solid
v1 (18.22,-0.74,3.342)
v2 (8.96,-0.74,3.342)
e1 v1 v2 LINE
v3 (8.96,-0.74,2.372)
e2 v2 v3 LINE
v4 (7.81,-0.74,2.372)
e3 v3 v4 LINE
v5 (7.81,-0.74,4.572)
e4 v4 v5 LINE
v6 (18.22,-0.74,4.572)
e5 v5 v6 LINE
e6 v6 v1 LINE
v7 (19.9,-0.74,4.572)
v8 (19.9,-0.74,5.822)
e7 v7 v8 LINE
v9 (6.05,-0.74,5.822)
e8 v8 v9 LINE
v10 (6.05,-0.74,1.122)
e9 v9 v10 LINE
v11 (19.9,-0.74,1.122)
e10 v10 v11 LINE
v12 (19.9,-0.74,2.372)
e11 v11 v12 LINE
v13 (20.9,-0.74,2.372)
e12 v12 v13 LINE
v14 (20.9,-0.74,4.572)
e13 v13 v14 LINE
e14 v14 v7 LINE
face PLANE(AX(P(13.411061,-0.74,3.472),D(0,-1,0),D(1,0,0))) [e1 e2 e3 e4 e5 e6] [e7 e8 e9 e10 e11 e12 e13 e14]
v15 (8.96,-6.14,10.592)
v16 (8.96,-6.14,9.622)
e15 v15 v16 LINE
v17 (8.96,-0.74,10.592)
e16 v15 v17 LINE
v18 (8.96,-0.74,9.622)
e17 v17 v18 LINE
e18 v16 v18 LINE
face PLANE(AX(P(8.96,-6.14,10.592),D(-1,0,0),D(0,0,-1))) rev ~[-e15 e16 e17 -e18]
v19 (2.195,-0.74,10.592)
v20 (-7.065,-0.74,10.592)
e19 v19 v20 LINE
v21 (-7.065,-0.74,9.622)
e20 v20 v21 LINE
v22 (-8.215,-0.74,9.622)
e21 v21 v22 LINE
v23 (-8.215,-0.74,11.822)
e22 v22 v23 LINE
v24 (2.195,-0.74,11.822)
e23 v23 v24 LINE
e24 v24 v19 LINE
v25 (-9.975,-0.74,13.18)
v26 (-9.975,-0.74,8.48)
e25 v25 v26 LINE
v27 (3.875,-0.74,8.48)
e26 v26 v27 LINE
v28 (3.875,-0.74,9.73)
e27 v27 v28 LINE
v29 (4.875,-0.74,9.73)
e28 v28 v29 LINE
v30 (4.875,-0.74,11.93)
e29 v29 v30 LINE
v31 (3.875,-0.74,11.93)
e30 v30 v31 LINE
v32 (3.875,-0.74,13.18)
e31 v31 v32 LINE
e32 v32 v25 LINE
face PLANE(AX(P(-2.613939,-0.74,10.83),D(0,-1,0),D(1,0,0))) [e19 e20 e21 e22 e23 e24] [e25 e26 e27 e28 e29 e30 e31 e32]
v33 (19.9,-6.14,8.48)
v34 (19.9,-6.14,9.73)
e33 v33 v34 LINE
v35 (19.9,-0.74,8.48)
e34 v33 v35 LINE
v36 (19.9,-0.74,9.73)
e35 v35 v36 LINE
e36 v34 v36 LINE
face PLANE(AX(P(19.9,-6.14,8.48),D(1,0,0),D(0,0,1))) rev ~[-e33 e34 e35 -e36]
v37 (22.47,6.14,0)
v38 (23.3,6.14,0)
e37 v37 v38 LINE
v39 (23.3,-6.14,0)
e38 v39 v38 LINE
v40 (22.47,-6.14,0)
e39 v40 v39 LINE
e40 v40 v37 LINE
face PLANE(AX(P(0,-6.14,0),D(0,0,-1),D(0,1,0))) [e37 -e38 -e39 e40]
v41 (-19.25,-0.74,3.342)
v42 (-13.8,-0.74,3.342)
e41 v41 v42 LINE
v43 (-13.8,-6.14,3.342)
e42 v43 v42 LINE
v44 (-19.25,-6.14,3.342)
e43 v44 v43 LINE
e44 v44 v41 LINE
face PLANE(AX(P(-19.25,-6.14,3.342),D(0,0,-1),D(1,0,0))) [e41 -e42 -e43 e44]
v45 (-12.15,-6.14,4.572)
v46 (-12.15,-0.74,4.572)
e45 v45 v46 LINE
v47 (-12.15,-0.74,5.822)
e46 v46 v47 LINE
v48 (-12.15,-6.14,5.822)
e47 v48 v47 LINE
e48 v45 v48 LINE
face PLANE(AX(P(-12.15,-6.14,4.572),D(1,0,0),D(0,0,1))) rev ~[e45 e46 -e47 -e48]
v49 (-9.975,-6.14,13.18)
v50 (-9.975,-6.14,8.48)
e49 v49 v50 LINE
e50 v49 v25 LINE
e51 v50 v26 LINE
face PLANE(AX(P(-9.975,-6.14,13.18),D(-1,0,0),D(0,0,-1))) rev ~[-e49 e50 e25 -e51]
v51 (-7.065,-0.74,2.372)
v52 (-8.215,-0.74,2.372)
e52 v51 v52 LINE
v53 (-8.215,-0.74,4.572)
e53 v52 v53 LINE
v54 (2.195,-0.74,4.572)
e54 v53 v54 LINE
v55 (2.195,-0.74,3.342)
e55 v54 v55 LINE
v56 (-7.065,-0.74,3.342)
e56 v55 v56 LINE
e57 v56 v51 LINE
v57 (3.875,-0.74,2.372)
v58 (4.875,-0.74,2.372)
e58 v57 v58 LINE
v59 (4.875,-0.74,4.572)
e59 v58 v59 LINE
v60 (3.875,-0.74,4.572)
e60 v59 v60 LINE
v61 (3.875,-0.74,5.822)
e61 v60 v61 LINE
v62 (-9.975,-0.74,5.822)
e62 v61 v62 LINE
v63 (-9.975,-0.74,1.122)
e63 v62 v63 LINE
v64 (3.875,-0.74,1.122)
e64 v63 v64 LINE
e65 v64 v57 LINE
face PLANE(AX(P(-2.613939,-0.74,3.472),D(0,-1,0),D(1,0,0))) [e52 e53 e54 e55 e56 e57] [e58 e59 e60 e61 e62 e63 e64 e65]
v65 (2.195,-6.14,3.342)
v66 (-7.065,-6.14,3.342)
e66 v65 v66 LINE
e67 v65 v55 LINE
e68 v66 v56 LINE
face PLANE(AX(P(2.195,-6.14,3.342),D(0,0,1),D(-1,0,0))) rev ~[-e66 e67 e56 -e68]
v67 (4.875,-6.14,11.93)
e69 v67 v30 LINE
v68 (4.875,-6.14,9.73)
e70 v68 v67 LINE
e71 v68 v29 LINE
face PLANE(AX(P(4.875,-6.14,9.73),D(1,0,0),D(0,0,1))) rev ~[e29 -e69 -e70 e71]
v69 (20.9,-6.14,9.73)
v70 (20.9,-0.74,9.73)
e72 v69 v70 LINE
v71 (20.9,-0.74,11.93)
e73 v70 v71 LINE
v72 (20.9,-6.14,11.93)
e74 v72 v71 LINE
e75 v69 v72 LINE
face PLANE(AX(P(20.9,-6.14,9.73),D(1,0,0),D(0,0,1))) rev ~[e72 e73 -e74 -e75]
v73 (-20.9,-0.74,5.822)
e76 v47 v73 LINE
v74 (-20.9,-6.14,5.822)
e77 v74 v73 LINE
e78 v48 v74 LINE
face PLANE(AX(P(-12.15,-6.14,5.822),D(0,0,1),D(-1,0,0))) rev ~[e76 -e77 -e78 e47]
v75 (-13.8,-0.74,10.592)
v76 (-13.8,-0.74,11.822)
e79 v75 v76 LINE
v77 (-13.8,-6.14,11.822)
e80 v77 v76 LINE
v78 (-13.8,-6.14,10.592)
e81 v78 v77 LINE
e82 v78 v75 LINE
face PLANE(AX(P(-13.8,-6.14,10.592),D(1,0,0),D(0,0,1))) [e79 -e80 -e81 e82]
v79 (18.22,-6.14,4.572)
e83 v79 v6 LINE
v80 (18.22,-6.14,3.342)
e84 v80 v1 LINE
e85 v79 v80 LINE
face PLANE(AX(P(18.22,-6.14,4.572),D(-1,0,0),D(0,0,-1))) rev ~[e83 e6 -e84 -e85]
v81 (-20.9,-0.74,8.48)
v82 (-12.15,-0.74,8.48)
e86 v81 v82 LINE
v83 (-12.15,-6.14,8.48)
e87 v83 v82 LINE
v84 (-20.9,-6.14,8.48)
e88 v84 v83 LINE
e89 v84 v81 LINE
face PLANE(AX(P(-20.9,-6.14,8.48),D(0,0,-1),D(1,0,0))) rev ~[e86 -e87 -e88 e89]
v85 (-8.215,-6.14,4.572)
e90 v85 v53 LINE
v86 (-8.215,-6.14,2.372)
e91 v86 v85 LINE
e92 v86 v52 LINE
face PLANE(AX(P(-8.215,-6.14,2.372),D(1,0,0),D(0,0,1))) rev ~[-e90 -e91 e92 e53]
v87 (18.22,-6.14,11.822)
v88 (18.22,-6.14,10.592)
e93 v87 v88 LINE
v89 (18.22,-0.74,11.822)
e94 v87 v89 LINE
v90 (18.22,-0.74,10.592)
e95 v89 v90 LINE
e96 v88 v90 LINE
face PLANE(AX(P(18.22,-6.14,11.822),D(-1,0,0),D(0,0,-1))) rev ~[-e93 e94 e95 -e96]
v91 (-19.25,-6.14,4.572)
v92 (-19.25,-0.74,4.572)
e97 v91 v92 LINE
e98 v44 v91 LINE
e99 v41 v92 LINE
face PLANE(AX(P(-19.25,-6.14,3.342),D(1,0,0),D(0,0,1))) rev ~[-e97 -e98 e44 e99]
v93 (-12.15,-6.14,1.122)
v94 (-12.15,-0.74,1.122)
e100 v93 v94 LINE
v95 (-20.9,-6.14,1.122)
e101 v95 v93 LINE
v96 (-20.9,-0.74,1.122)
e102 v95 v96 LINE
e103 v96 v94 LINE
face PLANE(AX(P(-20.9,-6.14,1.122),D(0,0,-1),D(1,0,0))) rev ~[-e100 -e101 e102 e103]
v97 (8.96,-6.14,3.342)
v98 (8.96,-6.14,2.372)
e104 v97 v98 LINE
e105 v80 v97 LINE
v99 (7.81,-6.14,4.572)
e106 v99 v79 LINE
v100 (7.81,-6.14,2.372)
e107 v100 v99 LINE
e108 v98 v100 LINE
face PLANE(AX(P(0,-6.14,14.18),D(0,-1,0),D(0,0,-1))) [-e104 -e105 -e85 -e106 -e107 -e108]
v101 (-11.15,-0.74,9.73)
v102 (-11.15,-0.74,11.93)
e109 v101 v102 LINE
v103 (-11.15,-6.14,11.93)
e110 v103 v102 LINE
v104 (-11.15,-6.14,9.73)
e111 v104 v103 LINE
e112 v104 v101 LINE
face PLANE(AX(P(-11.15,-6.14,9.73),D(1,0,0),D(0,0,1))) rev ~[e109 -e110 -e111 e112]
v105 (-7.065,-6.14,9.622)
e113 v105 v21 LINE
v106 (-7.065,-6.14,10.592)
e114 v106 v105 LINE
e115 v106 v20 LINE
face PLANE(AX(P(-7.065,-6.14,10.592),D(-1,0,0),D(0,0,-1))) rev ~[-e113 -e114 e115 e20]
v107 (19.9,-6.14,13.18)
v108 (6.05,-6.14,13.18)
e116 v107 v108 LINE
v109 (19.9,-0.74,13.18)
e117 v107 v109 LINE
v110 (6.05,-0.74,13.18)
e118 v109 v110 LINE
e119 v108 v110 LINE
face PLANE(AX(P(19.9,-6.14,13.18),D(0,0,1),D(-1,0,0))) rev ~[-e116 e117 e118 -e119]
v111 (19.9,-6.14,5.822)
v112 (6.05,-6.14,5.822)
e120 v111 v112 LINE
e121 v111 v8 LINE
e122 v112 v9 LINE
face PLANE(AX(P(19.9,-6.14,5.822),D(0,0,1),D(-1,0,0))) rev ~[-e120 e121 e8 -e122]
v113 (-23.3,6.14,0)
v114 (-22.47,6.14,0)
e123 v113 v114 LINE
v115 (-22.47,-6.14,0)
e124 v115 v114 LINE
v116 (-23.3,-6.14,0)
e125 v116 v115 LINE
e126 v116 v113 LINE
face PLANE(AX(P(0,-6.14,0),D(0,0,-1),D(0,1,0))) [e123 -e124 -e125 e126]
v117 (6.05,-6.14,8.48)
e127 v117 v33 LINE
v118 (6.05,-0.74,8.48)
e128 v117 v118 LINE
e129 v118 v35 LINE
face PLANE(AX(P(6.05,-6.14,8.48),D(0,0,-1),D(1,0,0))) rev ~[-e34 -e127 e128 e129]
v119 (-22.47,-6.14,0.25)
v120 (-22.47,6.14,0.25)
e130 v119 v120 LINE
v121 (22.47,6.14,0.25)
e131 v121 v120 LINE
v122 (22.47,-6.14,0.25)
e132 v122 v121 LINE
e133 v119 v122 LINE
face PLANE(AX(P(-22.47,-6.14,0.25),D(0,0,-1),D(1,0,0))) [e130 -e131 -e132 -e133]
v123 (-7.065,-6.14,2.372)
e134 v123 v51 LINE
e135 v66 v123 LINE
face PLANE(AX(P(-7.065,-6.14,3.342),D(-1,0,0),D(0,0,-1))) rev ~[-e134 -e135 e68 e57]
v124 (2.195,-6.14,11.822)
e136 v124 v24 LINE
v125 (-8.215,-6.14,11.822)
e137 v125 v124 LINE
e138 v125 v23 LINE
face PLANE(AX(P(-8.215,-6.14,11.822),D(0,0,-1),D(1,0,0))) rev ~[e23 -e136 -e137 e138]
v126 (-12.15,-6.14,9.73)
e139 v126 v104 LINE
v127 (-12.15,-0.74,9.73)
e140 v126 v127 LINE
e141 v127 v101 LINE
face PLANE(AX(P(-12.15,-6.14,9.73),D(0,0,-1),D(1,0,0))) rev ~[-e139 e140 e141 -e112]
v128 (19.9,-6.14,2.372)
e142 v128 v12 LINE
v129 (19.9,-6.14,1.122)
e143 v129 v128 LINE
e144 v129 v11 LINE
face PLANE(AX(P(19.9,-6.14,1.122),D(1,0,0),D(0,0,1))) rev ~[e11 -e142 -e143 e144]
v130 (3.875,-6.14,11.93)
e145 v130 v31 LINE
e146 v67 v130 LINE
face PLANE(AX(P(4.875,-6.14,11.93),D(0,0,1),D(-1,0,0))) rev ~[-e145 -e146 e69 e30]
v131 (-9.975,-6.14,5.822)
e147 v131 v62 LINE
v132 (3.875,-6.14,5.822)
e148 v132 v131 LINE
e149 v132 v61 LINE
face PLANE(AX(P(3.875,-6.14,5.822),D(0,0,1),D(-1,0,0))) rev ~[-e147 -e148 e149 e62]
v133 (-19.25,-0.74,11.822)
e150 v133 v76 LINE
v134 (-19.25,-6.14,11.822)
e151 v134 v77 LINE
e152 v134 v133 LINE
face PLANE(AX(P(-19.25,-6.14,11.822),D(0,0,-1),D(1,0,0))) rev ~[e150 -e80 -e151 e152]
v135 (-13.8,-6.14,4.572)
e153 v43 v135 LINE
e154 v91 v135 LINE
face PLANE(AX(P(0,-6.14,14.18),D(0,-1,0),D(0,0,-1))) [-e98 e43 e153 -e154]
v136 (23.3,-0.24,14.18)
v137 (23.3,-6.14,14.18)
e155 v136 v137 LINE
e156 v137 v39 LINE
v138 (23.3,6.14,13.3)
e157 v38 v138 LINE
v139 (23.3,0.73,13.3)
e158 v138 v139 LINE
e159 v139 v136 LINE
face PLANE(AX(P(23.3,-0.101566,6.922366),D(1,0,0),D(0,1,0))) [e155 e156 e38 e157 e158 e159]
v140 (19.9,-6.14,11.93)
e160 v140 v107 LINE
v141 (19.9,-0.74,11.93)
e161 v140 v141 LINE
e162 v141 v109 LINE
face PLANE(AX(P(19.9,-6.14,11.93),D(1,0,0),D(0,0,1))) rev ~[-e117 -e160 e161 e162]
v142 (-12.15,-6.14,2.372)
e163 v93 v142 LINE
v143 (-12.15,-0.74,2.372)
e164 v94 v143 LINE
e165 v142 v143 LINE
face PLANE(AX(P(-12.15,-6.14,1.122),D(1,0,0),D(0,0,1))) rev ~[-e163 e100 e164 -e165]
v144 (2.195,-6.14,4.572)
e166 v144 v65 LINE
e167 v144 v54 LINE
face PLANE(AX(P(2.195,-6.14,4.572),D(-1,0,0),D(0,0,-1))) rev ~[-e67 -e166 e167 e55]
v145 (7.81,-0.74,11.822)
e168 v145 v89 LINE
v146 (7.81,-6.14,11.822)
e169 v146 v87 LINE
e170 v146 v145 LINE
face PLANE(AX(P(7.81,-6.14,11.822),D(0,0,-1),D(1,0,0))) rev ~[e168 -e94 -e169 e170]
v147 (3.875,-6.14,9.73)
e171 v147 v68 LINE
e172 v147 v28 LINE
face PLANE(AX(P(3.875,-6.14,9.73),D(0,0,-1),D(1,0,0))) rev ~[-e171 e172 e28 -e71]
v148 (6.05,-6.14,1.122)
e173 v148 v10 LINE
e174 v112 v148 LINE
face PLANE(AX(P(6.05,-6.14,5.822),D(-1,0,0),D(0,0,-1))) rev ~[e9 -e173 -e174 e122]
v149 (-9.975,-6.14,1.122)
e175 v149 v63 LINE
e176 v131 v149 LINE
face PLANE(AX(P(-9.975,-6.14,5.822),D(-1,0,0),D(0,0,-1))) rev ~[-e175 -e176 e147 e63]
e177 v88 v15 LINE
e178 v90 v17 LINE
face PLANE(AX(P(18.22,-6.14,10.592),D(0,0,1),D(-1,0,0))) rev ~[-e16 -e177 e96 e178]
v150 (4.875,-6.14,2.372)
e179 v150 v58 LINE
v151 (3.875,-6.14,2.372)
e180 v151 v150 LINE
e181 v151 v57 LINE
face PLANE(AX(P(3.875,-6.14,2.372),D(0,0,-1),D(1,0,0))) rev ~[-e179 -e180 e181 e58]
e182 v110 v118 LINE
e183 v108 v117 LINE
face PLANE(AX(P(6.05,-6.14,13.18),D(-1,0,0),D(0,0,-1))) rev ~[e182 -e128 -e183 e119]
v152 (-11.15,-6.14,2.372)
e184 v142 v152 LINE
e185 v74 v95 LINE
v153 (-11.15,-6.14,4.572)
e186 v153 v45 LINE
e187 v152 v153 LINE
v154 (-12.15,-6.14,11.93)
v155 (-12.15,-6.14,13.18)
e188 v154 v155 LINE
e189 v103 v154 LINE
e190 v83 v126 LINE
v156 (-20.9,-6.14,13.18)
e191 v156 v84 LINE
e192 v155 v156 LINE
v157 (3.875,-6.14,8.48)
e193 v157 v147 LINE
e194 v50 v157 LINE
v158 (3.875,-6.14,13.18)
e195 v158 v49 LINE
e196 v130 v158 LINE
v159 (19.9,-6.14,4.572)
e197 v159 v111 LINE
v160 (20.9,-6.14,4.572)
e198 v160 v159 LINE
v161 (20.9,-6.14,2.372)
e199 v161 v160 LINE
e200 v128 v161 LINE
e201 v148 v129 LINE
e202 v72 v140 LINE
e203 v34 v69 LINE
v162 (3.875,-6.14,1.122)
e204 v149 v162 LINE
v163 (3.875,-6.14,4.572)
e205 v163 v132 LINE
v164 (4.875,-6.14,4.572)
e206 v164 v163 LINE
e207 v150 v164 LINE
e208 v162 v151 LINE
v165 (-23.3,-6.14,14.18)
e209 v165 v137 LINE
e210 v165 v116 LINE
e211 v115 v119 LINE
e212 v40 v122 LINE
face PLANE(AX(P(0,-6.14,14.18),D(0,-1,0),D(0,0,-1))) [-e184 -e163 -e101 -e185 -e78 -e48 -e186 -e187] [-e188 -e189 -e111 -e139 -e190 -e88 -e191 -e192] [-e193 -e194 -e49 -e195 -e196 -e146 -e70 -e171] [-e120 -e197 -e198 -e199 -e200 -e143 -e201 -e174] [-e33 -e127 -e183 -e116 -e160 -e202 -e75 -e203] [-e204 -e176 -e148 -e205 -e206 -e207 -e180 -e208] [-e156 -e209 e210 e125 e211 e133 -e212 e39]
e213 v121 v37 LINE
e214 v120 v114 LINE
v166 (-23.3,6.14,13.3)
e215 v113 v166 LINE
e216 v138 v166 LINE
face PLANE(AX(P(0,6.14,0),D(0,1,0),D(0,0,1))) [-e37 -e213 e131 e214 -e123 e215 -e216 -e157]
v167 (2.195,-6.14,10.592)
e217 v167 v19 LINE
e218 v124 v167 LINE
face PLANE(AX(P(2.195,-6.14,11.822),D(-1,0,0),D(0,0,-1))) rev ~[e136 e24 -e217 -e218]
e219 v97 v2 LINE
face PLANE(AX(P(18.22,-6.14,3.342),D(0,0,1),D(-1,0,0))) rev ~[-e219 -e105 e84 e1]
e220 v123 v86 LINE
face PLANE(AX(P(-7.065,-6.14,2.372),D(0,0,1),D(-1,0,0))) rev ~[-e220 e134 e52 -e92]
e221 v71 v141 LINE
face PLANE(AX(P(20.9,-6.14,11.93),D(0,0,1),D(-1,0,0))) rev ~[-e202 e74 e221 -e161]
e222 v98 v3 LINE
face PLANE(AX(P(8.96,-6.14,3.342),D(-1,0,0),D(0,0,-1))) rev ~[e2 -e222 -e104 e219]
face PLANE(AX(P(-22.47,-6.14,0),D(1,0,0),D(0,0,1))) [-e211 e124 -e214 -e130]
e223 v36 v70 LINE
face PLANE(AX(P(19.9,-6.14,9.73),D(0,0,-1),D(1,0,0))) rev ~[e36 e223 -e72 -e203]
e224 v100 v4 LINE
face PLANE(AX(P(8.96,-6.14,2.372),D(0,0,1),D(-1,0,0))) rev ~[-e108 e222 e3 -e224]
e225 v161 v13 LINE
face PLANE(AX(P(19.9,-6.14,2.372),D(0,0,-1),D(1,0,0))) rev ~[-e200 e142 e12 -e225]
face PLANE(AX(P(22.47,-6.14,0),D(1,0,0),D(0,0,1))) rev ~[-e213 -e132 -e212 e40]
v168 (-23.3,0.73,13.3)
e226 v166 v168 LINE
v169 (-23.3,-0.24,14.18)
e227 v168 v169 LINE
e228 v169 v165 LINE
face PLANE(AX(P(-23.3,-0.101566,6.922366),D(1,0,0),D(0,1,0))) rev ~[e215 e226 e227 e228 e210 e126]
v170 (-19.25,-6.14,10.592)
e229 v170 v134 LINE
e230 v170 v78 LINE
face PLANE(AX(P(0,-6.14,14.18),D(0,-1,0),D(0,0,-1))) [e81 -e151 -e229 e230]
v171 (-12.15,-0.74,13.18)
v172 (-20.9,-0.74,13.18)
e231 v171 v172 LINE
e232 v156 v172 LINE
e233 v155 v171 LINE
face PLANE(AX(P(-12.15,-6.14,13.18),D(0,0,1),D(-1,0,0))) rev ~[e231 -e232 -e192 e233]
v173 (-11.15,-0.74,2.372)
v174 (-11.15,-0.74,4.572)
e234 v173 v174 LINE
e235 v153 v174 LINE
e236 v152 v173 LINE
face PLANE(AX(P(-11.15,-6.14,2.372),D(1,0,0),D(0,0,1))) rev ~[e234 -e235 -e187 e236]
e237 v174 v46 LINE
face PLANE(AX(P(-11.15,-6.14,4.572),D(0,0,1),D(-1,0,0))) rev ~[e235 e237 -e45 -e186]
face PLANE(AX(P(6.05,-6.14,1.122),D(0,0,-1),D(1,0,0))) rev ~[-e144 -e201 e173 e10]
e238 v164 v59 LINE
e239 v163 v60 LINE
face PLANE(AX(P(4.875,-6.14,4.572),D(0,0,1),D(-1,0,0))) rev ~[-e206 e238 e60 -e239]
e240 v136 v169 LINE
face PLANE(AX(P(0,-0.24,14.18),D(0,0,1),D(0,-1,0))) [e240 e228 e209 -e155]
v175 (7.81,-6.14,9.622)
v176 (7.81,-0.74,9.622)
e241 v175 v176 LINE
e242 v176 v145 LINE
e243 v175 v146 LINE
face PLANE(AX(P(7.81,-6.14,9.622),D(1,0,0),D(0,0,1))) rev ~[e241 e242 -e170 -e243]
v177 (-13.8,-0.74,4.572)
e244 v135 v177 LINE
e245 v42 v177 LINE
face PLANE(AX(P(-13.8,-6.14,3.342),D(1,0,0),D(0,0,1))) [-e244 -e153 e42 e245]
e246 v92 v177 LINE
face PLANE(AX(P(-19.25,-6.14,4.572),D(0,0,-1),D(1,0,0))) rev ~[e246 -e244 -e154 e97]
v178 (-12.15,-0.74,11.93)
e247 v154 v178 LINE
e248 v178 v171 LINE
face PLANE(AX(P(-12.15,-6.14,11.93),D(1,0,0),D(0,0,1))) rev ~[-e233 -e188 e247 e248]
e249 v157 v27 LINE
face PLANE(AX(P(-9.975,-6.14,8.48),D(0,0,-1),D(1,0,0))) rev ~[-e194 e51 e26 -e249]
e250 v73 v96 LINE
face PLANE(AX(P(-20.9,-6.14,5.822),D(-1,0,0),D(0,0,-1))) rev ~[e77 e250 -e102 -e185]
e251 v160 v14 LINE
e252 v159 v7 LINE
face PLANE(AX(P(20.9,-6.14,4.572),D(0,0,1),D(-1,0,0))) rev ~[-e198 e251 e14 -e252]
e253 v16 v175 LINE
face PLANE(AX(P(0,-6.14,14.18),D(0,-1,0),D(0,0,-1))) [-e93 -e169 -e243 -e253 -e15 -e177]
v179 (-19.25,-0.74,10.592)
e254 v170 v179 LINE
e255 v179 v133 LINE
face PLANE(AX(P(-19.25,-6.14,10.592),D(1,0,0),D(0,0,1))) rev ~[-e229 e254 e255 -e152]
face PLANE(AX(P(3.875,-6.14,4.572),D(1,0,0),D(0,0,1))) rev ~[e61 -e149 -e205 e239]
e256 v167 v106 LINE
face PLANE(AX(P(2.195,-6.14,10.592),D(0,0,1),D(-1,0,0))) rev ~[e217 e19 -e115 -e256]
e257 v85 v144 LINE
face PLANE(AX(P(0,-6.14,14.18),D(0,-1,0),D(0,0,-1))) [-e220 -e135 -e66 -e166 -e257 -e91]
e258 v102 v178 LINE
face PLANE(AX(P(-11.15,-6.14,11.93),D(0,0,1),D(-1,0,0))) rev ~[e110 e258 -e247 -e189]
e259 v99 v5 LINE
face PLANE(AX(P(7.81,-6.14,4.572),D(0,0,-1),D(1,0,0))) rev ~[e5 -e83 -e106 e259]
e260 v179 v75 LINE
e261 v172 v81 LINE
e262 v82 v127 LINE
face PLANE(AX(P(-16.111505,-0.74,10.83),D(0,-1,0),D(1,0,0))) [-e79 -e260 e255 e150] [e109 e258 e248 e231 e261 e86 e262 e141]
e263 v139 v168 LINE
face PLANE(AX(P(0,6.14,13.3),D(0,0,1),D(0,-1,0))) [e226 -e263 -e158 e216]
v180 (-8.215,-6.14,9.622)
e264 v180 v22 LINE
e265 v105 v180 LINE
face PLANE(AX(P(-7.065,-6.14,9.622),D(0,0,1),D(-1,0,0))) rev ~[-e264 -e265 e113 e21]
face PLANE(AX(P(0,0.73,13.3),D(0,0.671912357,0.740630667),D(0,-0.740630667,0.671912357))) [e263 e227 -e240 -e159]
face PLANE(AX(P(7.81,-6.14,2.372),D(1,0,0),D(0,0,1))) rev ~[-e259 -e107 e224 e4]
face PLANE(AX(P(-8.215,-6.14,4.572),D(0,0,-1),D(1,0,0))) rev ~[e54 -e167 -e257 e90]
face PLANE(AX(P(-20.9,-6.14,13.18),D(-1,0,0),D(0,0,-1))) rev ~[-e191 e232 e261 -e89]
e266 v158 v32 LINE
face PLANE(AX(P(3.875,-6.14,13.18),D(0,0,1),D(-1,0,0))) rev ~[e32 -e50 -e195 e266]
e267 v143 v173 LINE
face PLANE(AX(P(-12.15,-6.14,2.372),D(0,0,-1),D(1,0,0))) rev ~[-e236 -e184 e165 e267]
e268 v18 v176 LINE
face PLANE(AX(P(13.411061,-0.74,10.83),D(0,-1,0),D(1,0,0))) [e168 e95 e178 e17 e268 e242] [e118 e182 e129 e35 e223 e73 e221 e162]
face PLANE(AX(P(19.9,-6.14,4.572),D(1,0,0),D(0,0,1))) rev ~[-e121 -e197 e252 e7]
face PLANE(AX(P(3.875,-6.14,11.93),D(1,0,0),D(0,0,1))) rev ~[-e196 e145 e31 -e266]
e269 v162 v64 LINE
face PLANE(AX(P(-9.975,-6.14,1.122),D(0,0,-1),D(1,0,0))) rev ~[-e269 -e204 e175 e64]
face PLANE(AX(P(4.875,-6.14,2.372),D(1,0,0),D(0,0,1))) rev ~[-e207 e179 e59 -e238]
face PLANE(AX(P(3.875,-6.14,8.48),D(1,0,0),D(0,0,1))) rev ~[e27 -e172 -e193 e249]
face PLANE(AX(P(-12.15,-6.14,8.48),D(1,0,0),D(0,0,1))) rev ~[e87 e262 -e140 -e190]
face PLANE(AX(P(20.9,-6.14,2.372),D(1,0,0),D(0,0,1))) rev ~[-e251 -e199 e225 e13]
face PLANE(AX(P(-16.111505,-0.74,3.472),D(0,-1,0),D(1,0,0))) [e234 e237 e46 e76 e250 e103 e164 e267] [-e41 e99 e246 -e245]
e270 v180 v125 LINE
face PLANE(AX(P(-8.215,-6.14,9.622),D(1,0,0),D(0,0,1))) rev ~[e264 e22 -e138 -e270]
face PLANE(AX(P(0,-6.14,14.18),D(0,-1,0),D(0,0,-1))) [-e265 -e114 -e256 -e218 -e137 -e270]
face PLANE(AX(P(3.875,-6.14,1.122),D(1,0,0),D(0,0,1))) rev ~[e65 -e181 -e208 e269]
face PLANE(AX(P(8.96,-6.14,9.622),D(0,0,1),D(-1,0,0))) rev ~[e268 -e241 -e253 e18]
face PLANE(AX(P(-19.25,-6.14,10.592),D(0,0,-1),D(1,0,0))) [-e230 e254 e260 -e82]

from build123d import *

# Parameters (mm, degrees)
F1_DEPTH = 23.3
F2_W     = 44.94
F2_H     = 0.25
F3_DEPTH = 12.281
F4_W     = 5.45
F4_H     = 1.23
F5_DEPTH = 5.4


with BuildPart() as f1:
    # F0 (on Right) → F1 (new body, symmetric)
    with BuildSketch(Plane.YZ):
        Polygon((-0.24, 14.18), (-6.14, 14.18), (-6.14, 0), (6.14, 0), (6.14, 13.3), (0.73, 13.3), align=None)
    extrude(amount=F1_DEPTH, both=True)

    # F2 (on face) → F3 (cut, through all)
    with BuildSketch(Plane.XZ.offset(6.14)):
        with Locations((0, 0.125)):
            Rectangle(F2_W, F2_H)
    extrude(amount=-F3_DEPTH, mode=Mode.SUBTRACT)

    # F4 (on face) → F5 (cut)
    with BuildSketch(Plane.XZ.offset(6.14)):
        Polygon((-12.15, 5.822), (-20.9, 5.822), (-20.9, 1.122), (-12.15, 1.122), (-12.15, 2.372), (-11.15, 2.372), (-11.15, 4.572), (-12.15, 4.572), align=None)
        with Locations((-16.525, 3.957)):
            Rectangle(F4_W, F4_H, mode=Mode.SUBTRACT)
        Polygon((-9.975, 5.822), (-9.975, 1.122), (3.875, 1.122), (3.875, 2.372), (4.875, 2.372), (4.875, 4.572), (3.875, 4.572), (3.875, 5.822), align=None)
        Polygon((-8.215, 2.372), (-8.215, 4.572), (2.195, 4.572), (2.195, 3.342), (-7.065, 3.342), (-7.065, 2.372), align=None, mode=Mode.SUBTRACT)
        Polygon((6.05, 5.822), (6.05, 1.122), (19.9, 1.122), (19.9, 2.372), (20.9, 2.372), (20.9, 4.572), (19.9, 4.572), (19.9, 5.822), align=None)
        Polygon((7.81, 2.372), (7.81, 4.572), (18.22, 4.572), (18.22, 3.342), (8.96, 3.342), (8.96, 2.372), align=None, mode=Mode.SUBTRACT)
        Polygon((6.05, 8.48), (19.9, 8.48), (19.9, 9.73), (20.9, 9.73), (20.9, 11.93), (19.9, 11.93), (19.9, 13.18), (6.05, 13.18), align=None)
        Polygon((7.81, 11.822), (18.22, 11.822), (18.22, 10.592), (8.96, 10.592), (8.96, 9.622), (7.81, 9.622), align=None, mode=Mode.SUBTRACT)
        Polygon((3.875, 11.93), (3.875, 13.18), (-9.975, 13.18), (-9.975, 8.48), (3.875, 8.48), (3.875, 9.73), (4.875, 9.73), (4.875, 11.93), align=None)
        Polygon((-8.215, 11.822), (2.195, 11.822), (2.195, 10.592), (-7.065, 10.592), (-7.065, 9.622), (-8.215, 9.622), align=None, mode=Mode.SUBTRACT)
        Polygon((-12.15, 11.93), (-12.15, 13.18), (-20.9, 13.18), (-20.9, 8.48), (-12.15, 8.48), (-12.15, 9.73), (-11.15, 9.73), (-11.15, 11.93), align=None)
        with Locations((-16.525, 11.207)):
            Rectangle(F4_W, F4_H, mode=Mode.SUBTRACT)
    extrude(amount=-F5_DEPTH, mode=Mode.SUBTRACT)


solid = f1.part
